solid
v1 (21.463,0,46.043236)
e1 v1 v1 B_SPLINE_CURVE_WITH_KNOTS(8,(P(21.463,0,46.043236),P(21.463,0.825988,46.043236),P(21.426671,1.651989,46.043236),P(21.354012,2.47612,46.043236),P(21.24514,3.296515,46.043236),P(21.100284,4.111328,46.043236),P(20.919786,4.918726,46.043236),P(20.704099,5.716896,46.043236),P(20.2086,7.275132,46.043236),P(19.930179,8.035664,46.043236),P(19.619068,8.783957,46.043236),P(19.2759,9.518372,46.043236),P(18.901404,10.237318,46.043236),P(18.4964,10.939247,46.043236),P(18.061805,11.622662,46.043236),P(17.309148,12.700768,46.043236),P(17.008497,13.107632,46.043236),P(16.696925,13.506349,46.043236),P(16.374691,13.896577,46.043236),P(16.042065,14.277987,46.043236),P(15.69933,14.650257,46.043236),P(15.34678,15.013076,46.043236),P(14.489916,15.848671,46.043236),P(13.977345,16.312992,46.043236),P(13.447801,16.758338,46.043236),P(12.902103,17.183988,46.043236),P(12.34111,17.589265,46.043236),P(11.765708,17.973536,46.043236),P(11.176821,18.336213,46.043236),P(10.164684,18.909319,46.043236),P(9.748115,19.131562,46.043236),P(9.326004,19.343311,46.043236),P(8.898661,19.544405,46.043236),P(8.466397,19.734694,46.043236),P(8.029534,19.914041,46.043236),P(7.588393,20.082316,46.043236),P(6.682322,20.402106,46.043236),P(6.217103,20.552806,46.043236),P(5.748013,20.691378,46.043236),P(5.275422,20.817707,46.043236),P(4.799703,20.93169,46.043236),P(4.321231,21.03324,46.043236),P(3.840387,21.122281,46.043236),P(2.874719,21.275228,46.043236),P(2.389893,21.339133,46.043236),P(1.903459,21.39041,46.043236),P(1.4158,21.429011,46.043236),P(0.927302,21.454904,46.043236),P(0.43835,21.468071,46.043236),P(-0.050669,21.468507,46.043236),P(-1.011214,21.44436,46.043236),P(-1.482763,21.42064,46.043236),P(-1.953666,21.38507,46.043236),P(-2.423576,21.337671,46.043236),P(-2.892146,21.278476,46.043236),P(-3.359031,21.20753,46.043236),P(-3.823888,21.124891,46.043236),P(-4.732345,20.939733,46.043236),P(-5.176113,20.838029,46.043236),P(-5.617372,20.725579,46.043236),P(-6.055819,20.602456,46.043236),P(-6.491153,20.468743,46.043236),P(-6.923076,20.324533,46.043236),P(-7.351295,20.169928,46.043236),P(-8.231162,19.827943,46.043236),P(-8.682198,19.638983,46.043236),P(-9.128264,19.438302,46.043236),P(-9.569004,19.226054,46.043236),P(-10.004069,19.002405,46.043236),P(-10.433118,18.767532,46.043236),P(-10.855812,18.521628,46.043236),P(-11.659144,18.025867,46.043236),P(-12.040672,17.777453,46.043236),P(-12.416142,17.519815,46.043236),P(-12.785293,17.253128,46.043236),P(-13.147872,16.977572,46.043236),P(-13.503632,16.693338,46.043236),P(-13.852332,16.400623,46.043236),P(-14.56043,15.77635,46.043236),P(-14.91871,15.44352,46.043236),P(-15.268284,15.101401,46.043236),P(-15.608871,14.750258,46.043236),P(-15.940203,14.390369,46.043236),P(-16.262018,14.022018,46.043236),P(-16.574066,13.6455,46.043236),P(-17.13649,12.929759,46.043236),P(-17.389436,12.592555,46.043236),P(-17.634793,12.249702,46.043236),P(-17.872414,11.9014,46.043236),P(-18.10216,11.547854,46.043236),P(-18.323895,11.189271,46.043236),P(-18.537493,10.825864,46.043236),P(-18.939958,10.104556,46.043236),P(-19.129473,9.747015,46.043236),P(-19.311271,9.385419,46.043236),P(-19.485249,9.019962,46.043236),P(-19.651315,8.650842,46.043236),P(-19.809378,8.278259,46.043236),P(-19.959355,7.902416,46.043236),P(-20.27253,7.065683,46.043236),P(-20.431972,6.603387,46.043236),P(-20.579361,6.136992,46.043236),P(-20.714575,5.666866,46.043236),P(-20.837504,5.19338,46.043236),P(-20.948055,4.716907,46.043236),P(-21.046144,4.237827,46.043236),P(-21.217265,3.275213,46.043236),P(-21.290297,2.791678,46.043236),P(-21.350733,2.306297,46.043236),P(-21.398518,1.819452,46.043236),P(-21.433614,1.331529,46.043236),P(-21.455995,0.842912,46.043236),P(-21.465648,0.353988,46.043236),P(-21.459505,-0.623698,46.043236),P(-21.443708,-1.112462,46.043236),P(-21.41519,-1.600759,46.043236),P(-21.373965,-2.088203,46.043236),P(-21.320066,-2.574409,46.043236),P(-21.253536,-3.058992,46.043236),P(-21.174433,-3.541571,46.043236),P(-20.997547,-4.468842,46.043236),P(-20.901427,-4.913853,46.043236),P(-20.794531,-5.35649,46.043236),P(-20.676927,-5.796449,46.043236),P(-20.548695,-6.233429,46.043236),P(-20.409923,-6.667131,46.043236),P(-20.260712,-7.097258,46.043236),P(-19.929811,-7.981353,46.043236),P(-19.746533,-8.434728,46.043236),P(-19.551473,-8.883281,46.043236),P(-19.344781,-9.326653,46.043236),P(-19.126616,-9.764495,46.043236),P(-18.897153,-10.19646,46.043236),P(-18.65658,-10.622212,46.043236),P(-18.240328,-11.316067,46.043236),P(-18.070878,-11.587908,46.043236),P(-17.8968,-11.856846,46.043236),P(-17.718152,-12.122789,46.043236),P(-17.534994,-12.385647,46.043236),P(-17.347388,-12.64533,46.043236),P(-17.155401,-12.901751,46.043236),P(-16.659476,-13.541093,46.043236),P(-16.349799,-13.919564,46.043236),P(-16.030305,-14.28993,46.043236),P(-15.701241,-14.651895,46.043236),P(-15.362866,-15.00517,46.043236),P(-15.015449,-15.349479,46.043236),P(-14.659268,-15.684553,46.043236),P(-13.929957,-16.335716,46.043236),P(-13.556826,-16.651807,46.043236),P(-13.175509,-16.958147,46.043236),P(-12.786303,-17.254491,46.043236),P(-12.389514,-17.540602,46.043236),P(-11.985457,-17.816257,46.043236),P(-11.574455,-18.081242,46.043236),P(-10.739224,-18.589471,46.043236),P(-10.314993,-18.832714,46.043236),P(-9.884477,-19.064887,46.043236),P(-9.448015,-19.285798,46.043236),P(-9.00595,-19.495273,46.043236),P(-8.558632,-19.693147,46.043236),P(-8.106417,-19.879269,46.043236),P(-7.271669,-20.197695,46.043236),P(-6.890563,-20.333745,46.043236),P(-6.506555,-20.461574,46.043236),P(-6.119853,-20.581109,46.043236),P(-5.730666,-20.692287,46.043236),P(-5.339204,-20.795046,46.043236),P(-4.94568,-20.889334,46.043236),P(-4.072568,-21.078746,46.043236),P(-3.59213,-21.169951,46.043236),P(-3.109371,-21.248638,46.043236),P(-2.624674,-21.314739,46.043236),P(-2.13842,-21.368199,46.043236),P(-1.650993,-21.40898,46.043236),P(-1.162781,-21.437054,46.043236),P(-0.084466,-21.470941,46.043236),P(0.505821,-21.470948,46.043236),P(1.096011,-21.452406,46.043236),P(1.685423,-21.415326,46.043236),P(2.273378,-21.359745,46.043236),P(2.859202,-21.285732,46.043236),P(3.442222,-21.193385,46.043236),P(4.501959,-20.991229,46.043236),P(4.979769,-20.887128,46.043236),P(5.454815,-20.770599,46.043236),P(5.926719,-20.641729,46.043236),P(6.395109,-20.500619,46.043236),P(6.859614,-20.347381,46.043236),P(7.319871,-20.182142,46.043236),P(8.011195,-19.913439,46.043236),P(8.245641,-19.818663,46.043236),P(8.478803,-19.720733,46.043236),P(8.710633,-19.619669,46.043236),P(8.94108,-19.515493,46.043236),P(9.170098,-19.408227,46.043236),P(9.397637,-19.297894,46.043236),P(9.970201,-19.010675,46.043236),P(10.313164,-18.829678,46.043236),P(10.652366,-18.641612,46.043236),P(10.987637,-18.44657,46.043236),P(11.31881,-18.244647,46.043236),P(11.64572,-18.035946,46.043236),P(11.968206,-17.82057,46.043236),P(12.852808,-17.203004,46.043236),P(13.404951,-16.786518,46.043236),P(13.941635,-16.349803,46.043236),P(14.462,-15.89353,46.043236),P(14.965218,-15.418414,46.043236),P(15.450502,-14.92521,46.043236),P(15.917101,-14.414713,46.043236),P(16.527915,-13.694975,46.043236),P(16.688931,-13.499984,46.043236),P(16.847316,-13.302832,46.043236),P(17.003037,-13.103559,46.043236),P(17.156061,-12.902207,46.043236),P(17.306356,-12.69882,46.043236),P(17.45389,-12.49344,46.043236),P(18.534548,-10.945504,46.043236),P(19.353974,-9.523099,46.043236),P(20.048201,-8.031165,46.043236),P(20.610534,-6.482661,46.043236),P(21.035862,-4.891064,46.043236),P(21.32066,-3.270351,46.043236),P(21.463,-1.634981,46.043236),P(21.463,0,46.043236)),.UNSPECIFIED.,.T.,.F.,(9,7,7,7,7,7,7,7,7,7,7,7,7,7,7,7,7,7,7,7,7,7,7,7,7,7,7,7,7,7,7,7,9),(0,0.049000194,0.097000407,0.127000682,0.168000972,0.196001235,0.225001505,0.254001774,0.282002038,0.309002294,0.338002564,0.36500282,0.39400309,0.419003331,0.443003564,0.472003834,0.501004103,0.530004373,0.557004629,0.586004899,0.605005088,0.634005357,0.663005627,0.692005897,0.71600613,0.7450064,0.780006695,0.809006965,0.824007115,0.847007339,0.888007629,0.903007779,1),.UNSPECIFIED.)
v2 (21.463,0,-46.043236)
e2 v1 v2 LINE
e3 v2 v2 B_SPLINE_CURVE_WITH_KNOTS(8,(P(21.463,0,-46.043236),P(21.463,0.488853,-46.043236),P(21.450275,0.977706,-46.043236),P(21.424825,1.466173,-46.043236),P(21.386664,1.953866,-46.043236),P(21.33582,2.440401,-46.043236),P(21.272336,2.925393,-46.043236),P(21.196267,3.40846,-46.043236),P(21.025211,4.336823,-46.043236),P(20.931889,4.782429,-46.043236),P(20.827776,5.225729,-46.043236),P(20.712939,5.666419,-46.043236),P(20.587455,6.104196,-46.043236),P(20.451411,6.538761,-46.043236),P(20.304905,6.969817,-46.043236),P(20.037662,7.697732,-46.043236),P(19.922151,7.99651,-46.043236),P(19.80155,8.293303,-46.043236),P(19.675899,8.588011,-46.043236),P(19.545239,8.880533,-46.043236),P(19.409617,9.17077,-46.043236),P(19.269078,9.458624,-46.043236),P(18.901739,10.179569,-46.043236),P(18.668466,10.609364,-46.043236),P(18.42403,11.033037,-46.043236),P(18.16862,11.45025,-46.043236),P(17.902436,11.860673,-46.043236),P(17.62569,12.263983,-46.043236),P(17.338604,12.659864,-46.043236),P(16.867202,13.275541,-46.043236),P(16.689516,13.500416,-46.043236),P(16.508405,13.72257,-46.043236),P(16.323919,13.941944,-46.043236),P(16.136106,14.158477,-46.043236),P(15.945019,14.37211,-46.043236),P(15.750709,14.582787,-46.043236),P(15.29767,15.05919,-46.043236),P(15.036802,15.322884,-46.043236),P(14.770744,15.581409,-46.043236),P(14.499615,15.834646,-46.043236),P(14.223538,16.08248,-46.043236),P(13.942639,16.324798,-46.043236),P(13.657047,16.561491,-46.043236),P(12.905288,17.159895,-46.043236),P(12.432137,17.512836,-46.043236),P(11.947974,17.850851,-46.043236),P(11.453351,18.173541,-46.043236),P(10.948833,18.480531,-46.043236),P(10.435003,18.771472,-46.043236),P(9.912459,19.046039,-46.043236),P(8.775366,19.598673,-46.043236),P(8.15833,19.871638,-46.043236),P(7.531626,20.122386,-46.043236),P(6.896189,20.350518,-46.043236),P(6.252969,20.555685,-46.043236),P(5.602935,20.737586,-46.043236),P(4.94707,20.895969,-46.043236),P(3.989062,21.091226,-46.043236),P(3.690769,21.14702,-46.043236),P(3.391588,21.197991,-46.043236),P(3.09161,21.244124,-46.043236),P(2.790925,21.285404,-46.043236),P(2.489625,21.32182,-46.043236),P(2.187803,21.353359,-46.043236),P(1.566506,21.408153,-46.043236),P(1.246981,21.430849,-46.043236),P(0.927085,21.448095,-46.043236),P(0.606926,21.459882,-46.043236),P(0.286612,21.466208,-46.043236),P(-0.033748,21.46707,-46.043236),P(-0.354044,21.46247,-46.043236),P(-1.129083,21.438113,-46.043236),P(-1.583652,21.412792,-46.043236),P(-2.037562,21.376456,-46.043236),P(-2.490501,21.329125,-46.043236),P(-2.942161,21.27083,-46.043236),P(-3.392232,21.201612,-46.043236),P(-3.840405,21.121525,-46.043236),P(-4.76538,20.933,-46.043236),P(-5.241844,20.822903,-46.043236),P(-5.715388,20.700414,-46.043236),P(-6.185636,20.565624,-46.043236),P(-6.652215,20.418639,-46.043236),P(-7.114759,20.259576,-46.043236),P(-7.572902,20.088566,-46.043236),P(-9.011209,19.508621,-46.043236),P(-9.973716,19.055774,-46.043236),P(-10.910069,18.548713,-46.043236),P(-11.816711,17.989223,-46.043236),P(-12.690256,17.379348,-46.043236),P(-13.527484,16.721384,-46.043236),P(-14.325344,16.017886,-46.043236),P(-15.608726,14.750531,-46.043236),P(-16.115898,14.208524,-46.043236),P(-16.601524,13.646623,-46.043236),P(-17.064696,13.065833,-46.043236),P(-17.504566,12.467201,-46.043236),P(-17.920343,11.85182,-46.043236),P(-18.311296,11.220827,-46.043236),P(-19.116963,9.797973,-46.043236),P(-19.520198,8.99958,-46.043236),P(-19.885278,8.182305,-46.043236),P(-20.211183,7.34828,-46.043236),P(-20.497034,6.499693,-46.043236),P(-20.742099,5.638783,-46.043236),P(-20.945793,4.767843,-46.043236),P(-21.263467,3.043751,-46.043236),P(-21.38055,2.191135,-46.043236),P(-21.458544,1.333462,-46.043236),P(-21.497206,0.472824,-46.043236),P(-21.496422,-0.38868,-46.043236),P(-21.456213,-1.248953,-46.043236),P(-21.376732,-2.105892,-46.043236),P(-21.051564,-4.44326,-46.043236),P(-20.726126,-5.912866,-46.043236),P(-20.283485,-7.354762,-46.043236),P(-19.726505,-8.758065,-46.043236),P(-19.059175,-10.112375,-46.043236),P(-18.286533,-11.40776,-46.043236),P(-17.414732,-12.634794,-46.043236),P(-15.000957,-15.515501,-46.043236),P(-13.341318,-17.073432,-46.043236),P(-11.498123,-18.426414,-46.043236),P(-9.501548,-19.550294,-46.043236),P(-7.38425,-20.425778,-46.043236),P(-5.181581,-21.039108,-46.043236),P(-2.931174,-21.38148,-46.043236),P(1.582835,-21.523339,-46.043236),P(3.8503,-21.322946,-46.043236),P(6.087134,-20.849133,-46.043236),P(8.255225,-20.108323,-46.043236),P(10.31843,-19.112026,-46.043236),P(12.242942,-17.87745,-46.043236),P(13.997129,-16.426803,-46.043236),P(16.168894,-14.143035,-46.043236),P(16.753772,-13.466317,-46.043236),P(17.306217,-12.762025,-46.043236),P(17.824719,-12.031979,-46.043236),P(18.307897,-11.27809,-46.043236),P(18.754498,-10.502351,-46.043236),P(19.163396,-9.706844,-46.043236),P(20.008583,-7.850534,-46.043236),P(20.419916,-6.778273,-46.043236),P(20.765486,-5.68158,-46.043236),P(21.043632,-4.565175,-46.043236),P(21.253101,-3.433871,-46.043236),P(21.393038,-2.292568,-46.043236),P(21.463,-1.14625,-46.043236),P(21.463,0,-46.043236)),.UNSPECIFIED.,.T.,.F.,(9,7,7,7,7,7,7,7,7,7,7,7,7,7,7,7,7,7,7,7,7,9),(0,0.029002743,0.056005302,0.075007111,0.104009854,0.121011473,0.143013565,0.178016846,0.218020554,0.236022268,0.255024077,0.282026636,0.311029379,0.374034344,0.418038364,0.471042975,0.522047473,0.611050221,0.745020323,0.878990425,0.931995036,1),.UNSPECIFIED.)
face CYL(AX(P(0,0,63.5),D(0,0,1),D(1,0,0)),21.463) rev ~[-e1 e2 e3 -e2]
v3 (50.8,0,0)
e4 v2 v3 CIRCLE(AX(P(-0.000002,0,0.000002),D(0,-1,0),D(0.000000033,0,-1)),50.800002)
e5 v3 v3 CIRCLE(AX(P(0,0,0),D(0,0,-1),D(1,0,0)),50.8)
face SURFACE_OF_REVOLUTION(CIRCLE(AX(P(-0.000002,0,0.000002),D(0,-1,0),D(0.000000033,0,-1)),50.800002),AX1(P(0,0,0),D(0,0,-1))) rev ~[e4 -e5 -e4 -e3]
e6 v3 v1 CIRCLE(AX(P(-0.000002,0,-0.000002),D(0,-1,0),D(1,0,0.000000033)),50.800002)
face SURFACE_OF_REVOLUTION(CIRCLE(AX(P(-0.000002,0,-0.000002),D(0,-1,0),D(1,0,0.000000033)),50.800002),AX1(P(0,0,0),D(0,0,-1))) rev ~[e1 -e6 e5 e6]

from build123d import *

# Parameters (mm, degrees)
F3_R     = 21.463
F4_DEPTH = 122.555


with BuildPart() as f1:
    # F0 (on Front) → F1 (revolve)
    with BuildSketch(Plane.XZ):
        with BuildLine():
            ThreePointArc((0, -50.8), (35.921024, -35.921024), (50.8, 0))
            ThreePointArc((50.8, 0), (35.921024, 35.921024), (0, 50.8))
            Line((0, 50.8), (0, -50.8))
        make_face()
    revolve(axis=Axis((0, 0, 0), (0, 0, -1)))

    # F3 (on offset) → F4 (cut)
    with BuildSketch(Plane.XY.offset(63.5)):
        Circle(F3_R)
    extrude(amount=-F4_DEPTH, mode=Mode.SUBTRACT)


solid = f1.part
